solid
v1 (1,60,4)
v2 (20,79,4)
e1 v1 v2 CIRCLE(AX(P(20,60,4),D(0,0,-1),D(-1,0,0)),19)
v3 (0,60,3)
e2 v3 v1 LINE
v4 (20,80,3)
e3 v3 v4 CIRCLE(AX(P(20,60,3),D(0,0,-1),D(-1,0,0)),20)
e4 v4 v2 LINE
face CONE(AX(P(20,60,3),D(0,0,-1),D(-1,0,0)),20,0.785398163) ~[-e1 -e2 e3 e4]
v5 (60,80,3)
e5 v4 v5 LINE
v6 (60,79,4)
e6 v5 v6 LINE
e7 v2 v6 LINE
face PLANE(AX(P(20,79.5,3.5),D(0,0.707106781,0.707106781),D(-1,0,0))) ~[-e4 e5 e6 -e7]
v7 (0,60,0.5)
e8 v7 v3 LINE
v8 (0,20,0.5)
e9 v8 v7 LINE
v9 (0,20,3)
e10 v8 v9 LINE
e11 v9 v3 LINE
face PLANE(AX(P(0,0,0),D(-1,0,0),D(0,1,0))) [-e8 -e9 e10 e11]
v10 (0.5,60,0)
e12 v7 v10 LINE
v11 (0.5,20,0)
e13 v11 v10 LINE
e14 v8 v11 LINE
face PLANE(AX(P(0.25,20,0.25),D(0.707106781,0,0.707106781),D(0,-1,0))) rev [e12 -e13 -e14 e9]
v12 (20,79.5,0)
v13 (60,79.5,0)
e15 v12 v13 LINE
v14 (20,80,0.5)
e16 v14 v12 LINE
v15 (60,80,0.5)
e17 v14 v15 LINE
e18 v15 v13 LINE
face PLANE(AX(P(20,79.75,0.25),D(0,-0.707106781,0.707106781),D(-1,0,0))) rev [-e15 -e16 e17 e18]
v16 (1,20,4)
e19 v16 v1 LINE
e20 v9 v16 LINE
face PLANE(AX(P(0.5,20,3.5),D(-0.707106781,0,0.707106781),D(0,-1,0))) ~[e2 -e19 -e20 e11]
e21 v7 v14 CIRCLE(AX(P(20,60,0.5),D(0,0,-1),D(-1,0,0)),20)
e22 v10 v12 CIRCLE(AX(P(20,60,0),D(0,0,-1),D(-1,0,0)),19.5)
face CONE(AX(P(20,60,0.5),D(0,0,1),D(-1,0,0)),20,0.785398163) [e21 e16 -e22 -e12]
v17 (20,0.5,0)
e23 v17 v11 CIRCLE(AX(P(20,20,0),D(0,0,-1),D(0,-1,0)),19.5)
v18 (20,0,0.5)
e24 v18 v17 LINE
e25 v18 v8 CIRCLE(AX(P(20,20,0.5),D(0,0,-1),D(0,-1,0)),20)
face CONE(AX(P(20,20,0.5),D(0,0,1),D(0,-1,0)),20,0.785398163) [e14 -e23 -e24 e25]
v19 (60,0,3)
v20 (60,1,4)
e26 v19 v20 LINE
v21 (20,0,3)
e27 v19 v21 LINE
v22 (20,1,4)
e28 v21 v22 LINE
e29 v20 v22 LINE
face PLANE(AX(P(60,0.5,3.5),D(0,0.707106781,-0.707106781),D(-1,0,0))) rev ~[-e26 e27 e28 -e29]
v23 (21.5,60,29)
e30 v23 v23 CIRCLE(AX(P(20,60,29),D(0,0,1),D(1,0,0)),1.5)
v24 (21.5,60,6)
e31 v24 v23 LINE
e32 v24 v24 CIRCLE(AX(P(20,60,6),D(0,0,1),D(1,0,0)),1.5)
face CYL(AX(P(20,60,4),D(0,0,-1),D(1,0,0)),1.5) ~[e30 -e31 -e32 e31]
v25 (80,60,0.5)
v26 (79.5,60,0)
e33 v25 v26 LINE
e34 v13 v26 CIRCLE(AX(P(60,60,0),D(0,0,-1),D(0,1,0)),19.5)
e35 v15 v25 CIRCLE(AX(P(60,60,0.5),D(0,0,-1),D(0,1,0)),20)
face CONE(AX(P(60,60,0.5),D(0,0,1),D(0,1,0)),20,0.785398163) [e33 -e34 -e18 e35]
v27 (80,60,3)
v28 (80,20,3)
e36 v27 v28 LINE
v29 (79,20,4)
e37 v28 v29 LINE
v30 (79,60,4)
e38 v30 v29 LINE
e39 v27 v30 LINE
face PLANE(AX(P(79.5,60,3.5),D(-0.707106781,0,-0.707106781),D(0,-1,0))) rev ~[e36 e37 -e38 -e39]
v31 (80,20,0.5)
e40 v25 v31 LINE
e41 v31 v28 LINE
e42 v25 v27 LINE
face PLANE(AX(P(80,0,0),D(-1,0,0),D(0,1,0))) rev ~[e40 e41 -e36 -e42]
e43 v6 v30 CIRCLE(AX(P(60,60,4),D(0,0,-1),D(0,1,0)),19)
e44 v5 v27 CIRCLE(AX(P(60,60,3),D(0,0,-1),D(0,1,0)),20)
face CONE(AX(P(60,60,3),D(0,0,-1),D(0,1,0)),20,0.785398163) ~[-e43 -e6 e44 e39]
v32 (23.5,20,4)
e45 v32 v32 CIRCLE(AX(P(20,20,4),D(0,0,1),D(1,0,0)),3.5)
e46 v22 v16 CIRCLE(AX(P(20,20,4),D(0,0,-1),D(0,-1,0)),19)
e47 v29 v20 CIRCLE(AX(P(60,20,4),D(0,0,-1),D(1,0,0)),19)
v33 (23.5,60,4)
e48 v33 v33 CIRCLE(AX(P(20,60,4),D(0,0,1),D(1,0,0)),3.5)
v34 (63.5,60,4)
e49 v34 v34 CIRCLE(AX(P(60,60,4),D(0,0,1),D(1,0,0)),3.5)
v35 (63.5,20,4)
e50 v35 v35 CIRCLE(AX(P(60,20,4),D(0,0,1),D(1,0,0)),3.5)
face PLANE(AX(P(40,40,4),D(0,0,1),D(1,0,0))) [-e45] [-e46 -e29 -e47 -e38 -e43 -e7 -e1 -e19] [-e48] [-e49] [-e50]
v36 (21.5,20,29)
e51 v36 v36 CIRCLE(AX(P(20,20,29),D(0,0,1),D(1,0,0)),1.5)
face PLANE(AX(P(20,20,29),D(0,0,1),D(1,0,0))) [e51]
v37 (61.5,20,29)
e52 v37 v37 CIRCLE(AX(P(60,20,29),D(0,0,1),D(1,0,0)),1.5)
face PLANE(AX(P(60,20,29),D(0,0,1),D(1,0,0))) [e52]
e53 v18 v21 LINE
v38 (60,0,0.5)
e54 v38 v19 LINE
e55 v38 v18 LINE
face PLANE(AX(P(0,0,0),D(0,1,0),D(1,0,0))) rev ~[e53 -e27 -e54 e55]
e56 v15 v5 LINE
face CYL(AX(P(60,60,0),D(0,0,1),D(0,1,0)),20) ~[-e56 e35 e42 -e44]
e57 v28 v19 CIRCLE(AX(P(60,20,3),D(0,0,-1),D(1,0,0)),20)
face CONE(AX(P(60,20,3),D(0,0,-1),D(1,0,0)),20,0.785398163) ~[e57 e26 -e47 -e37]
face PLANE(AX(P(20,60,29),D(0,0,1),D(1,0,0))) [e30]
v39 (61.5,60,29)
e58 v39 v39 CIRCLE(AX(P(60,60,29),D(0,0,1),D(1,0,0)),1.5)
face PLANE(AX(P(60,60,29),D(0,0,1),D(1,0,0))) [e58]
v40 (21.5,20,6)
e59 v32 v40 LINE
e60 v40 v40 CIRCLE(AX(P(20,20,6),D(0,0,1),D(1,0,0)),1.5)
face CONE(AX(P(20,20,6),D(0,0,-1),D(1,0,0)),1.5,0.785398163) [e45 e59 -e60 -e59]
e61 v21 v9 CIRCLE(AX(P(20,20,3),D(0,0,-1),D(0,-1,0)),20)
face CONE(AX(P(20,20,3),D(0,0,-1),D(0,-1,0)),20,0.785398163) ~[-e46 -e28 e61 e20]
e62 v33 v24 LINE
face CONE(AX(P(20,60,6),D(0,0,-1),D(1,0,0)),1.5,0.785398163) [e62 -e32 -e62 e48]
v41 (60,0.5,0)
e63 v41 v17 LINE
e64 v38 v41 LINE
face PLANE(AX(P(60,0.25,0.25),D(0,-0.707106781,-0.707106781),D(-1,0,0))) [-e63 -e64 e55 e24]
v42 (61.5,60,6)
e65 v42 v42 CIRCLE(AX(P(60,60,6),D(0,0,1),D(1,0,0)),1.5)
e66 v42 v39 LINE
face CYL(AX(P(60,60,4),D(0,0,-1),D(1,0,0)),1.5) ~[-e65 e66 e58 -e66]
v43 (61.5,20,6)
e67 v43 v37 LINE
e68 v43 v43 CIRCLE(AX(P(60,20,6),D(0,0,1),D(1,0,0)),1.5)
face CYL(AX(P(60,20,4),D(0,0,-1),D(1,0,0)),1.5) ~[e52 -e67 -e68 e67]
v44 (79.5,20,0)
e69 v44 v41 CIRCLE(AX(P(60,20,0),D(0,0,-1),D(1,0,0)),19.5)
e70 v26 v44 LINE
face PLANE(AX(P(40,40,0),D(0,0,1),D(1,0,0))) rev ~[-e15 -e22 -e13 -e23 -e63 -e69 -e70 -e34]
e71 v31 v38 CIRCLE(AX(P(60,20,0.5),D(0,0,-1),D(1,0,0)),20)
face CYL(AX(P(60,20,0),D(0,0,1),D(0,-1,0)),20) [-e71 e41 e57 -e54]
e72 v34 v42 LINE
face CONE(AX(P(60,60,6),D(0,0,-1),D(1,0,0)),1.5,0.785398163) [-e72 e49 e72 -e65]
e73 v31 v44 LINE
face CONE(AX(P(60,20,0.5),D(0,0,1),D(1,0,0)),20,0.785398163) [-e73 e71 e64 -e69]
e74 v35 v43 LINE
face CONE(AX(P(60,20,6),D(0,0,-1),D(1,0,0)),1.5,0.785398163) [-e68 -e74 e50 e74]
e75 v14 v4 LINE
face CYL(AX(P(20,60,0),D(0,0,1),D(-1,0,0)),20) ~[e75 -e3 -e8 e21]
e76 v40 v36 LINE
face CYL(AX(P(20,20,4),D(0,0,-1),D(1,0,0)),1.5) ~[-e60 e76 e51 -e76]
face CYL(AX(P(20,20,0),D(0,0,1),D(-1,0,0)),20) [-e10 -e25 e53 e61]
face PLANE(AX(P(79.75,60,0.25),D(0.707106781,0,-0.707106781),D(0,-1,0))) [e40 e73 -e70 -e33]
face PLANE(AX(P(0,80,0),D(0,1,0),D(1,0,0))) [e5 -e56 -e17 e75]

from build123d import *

# Parameters (mm, degrees)
SKETCH_W        = 80
SKETCH_H        = 80
PAD_DEPTH       = 4
SKETCH001_R     = 1.5
PAD001_DEPTH    = 25
FILLET_R        = 20
CHAMFER_SIZE    = 2
CHAMFER001_SIZE = 0.5
CHAMFER002_SIZE = 1


with BuildPart() as part:
    # Sketch → Pad (new body)
    with BuildSketch(Plane.XY):
        with Locations((40, 40)):
            Rectangle(SKETCH_W, SKETCH_H)
    extrude(amount=PAD_DEPTH)

    # Sketch001 (on Face6 of Pad) → Pad001 (join)
    with BuildSketch(Plane.XY.offset(4)):
        with Locations((20, 60)):
            Circle(SKETCH001_R)
        with Locations((60, 60)):
            Circle(SKETCH001_R)
        with Locations((20, 20)):
            Circle(SKETCH001_R)
        with Locations((60, 20)):
            Circle(SKETCH001_R)
    extrude(amount=PAD001_DEPTH)

    # Fillet
    fillet_edges = [part.edges().sort_by_distance(p)[0] for p in [
        (80, 0, 2),
        (80, 80, 2),
        (0, 0, 2),
        (0, 80, 2),
    ]]
    fillet(fillet_edges, radius=FILLET_R)

    # Chamfer
    chamfer_edges = [part.edges().sort_by_distance(p)[0] for p in [
        (18.5, 20, 4),
        (58.5, 20, 4),
        (18.5, 60, 4),
        (58.5, 60, 4),
    ]]
    chamfer(chamfer_edges, length=CHAMFER_SIZE)

    # Chamfer001
    chamfer001_edges = [part.edges().sort_by_distance(p)[0] for p in [
        (40, 80, 0),
        (5.857864, 74.142136, 0),
        (74.142136, 74.142136, 0),
        (0, 40, 0),
        (80, 40, 0),
        (5.857864, 5.857864, 0),
        (74.142136, 5.857864, 0),
        (40, 0, 0),
    ]]
    chamfer(chamfer001_edges, length=CHAMFER001_SIZE)

    # Chamfer002
    chamfer002_edges = [part.edges().sort_by_distance(p)[0] for p in [
        (0, 40, 4),
        (5.857864, 5.857864, 4),
        (40, 0, 4),
        (74.142136, 5.857864, 4),
        (80, 40, 4),
        (74.142136, 74.142136, 4),
        (40, 80, 4),
        (5.857864, 74.142136, 4),
    ]]
    chamfer(chamfer002_edges, length=CHAMFER002_SIZE)


solid = part.part
